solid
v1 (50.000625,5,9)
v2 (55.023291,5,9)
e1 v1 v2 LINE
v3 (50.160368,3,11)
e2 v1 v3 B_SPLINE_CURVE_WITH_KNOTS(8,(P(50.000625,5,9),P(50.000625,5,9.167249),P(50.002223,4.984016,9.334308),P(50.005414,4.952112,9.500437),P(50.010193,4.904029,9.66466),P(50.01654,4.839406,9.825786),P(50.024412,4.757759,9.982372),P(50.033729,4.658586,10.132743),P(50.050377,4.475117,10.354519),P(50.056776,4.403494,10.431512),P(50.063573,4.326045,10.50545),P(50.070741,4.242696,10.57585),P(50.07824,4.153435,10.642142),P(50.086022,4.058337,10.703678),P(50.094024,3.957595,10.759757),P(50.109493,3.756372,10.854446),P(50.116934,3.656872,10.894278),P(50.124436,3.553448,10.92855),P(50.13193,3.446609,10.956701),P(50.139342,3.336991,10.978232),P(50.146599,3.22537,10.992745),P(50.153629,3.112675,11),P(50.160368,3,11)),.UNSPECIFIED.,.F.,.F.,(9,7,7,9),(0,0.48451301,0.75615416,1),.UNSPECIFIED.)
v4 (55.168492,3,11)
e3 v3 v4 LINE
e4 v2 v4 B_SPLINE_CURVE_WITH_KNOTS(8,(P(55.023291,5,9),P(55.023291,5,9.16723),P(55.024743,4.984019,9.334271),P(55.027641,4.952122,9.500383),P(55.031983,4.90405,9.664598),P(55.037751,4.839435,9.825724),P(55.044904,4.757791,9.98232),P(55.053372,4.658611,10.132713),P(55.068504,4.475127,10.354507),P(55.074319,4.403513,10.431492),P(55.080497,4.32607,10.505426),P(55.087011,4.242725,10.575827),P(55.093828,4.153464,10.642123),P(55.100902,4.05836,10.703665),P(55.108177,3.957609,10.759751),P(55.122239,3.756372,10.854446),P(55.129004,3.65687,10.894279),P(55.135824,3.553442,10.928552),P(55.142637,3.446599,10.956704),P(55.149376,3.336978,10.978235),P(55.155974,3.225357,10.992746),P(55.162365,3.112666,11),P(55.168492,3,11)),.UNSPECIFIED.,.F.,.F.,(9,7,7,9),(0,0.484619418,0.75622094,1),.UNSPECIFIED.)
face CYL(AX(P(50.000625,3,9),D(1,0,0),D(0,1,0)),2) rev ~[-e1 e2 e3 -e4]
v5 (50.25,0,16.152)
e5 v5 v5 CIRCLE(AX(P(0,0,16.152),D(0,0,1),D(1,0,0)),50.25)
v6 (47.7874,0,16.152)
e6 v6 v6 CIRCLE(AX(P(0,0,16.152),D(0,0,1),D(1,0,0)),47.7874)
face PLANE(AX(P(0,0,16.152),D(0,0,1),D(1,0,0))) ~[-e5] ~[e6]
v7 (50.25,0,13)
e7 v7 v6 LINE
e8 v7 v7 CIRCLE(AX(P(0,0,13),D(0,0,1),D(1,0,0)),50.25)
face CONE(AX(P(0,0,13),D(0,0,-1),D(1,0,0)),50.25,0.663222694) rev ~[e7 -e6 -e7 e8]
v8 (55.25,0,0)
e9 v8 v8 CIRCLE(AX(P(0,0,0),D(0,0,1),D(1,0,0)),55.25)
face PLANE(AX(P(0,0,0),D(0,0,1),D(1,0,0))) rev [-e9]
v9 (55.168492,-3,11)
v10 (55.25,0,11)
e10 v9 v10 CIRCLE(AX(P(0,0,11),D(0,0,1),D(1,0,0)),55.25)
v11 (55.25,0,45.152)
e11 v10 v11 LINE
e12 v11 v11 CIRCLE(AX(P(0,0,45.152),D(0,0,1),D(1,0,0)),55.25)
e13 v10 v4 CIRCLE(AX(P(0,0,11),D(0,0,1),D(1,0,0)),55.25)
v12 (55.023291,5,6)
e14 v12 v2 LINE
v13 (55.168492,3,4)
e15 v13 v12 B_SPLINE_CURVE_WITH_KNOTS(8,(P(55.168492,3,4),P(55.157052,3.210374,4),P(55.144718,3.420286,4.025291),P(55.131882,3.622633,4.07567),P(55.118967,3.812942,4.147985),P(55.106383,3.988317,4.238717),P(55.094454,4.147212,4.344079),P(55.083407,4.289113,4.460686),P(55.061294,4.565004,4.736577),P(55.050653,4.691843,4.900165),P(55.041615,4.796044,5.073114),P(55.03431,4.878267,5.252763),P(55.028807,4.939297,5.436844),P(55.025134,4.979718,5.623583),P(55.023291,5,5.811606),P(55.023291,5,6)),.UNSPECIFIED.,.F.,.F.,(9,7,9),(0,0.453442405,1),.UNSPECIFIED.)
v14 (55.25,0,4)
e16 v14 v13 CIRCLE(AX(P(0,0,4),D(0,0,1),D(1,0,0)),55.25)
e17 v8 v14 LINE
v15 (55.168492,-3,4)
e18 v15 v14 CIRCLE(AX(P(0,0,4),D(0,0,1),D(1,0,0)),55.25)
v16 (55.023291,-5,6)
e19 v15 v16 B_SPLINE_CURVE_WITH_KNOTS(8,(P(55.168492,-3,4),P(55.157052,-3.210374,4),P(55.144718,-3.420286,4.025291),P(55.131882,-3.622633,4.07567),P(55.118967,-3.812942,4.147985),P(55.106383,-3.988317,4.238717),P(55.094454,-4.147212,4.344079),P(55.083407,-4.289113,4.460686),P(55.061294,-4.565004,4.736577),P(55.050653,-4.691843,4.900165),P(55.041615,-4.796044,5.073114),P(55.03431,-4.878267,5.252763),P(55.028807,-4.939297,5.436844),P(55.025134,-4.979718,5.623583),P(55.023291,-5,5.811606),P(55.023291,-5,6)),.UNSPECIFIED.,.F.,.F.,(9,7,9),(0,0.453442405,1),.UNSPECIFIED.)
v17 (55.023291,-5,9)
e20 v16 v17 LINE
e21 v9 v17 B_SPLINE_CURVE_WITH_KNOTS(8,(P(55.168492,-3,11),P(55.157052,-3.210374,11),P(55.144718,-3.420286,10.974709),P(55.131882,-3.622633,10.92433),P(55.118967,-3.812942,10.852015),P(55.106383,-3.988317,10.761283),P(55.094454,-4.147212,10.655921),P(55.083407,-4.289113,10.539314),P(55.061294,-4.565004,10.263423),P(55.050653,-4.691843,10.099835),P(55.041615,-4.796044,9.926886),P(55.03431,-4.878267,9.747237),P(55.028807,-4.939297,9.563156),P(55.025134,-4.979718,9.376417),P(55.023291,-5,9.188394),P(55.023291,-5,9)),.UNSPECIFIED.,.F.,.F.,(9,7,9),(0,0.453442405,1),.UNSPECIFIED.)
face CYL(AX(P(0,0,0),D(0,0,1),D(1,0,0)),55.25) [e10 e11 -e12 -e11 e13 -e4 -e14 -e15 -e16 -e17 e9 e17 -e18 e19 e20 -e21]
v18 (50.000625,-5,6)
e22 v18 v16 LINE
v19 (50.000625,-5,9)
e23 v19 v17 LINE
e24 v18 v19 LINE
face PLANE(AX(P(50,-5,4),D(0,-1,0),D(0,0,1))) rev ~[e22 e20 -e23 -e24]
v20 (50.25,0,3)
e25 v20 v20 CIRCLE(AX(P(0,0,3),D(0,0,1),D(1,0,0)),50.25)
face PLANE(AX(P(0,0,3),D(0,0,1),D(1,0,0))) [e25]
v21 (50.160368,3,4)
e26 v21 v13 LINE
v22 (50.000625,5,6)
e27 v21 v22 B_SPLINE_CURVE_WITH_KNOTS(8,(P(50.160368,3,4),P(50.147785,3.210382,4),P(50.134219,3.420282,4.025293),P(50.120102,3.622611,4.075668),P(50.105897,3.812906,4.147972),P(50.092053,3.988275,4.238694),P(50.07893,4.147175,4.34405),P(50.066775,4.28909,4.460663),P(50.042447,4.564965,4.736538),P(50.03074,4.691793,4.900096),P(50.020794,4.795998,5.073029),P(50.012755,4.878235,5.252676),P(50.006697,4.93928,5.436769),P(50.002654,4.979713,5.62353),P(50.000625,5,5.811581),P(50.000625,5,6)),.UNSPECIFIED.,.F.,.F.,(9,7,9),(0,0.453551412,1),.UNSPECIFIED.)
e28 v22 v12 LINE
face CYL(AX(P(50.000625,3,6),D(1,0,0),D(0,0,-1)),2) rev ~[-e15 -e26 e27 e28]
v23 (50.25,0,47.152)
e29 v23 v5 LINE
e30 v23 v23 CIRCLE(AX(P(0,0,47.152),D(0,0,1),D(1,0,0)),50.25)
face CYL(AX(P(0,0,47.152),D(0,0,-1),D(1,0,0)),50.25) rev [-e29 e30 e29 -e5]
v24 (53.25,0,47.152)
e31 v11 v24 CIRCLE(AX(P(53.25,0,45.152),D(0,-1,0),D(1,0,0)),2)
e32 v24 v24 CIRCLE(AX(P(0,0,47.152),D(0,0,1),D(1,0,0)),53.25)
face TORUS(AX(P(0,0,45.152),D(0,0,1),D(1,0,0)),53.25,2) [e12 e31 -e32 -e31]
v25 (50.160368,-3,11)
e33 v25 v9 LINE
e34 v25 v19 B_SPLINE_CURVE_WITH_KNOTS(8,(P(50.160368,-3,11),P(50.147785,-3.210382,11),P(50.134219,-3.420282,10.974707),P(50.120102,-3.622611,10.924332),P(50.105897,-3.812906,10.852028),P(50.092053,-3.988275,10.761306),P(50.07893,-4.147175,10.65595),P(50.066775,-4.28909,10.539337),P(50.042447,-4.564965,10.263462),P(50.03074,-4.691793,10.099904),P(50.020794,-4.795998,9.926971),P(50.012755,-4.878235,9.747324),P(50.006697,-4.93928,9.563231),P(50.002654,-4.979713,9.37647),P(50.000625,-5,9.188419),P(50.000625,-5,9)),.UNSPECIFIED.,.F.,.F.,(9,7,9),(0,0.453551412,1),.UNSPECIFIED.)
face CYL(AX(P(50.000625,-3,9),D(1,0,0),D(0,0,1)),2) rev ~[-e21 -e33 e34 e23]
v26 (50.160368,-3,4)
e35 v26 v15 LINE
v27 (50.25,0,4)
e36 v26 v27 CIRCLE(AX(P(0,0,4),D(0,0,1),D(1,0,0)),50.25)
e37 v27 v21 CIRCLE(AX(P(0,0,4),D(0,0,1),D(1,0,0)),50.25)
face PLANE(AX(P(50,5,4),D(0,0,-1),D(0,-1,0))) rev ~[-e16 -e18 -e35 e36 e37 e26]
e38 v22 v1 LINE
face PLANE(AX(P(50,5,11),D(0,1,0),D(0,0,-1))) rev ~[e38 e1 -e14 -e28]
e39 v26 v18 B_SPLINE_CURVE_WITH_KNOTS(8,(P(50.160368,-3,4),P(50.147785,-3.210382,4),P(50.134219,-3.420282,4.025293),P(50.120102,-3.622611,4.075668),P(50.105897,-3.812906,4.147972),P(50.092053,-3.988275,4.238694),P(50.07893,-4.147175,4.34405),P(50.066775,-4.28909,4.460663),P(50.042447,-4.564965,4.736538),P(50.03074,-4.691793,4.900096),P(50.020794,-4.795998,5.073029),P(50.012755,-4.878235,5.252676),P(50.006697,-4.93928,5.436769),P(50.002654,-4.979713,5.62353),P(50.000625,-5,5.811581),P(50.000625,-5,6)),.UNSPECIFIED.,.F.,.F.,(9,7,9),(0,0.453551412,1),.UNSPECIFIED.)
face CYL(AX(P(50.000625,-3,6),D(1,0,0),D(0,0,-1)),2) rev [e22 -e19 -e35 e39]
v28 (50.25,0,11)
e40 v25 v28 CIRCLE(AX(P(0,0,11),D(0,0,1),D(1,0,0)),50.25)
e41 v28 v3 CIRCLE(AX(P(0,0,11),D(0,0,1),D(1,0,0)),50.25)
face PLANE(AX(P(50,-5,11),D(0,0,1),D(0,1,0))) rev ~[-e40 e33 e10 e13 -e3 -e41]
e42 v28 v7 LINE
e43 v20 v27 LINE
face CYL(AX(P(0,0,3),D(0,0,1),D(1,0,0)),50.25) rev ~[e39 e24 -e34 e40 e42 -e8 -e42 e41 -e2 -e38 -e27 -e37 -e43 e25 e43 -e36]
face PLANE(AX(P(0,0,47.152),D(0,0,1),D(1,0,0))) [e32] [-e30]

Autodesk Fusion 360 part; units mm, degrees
ref_plane "WorkPlane3" through (50, 0, 0) normal (1, 0, 0) x (0, 1, 0) in component "Container"
sketch "Sketch6" plane through (0, 0, 0) normal (0, 1, 0) x (1, 0, 0) in component "Container"
  line L0 (0, 0) -> (55.25, 0)
  line L1 (55.25, 0) -> (55.25, -3)
  line L2 (55.25, -3) -> (0, -3)
  line L3 (0, -3) -> (0, 0)
  line L4 (50.25, -13) -> (55.25, -13)
  line L5 (55.25, -13) -> (55.25, -3)
  line L6 (55.25, -3) -> (50.25, -3)
  line L7 (50.25, -3) -> (50.25, -13)
  line L8 (50.25, -13) -> (104.5, -13) construction
  line L9 (50.25, -13) -> (47.7874, -16.152)
  line L10 (50.25, -13) -> (104.5, -13) construction
  line L11 (47.7874, -16.152) -> (55.25, -16.152)
  line L12 (55.25, -13) -> (55.25, -16.152)
  line L13 (50.25, -13) -> (50.25, -16.152) construction
  line L14 (50.25, -16.152) -> (55.25, -16.152)
  line L15 (55.25, -16.152) -> (55.25, -47.152)
  line L16 (55.25, -47.152) -> (50.25, -47.152)
  line L17 (50.25, -47.152) -> (50.25, -16.152)
  dimension "d44" = 55.25
  dimension "d45" = 3
  dimension "d47" = 10
  dimension "d48" = 10
  dimension "d49" = 5
  dimension "d50" = 5
  dimension "d53" = 128
  dimension "d54" = 4
  dimension "d56" = 3.152
  dimension "d57" = 5
  dimension "d58" = 31
revolve "Revolve1" add sketch "Sketch6" angle 360 about axis through (0, 0, 1.75) along (0, 0, 1) makes body 1 in component "Container"
fillet "Fillet2" radius 2 1 edges at (-51.5111, -19.9793, 47.152) on bodies 1 in component "Container"
copy_body "CutPasteBodies1" bodies 1 removing the originals makes body 2 in component "Container"
sketch "Sketch8" plane through (50, 0, 0) normal (1, 0, 0) x (0, 1, 0)
  line L0 (-5, 11) -> (5, 11)
  line L1 (5, 11) -> (5, 4)
  line L2 (5, 4) -> (-5, 4)
  line L3 (-5, 4) -> (-5, 11)
  dimension "d71" = 7
  dimension "d72" = 10
  dimension "d73" = 5
  dimension "d74" = 4
extrude "Extrude1" cut sketch "Sketch8" along normal blind 17 bodies 2 in component "Container"
fillet "Fillet1" radius 2 4 edges at (52.512, -5, 11) (52.512, 5, 11) (52.512, -5, 4) (52.512, 5, 4) on bodies 2 in component "Container"
component "Container" placed x (1, 0, 0) y (0, 1, 0) z (0, 0, 1) at (0, 0, 0)
equation "d44 = ( 100.5 / 2 ) * 1 mm + d49"
equation "d48 = d47"
equation "d50 = d49"
equation "d53 = 90 deg + 38 deg"
equation "d57 = d49"
equation "d73 = d72 / 2"
equation "d74 = 3.00 mm + 1 mm"
